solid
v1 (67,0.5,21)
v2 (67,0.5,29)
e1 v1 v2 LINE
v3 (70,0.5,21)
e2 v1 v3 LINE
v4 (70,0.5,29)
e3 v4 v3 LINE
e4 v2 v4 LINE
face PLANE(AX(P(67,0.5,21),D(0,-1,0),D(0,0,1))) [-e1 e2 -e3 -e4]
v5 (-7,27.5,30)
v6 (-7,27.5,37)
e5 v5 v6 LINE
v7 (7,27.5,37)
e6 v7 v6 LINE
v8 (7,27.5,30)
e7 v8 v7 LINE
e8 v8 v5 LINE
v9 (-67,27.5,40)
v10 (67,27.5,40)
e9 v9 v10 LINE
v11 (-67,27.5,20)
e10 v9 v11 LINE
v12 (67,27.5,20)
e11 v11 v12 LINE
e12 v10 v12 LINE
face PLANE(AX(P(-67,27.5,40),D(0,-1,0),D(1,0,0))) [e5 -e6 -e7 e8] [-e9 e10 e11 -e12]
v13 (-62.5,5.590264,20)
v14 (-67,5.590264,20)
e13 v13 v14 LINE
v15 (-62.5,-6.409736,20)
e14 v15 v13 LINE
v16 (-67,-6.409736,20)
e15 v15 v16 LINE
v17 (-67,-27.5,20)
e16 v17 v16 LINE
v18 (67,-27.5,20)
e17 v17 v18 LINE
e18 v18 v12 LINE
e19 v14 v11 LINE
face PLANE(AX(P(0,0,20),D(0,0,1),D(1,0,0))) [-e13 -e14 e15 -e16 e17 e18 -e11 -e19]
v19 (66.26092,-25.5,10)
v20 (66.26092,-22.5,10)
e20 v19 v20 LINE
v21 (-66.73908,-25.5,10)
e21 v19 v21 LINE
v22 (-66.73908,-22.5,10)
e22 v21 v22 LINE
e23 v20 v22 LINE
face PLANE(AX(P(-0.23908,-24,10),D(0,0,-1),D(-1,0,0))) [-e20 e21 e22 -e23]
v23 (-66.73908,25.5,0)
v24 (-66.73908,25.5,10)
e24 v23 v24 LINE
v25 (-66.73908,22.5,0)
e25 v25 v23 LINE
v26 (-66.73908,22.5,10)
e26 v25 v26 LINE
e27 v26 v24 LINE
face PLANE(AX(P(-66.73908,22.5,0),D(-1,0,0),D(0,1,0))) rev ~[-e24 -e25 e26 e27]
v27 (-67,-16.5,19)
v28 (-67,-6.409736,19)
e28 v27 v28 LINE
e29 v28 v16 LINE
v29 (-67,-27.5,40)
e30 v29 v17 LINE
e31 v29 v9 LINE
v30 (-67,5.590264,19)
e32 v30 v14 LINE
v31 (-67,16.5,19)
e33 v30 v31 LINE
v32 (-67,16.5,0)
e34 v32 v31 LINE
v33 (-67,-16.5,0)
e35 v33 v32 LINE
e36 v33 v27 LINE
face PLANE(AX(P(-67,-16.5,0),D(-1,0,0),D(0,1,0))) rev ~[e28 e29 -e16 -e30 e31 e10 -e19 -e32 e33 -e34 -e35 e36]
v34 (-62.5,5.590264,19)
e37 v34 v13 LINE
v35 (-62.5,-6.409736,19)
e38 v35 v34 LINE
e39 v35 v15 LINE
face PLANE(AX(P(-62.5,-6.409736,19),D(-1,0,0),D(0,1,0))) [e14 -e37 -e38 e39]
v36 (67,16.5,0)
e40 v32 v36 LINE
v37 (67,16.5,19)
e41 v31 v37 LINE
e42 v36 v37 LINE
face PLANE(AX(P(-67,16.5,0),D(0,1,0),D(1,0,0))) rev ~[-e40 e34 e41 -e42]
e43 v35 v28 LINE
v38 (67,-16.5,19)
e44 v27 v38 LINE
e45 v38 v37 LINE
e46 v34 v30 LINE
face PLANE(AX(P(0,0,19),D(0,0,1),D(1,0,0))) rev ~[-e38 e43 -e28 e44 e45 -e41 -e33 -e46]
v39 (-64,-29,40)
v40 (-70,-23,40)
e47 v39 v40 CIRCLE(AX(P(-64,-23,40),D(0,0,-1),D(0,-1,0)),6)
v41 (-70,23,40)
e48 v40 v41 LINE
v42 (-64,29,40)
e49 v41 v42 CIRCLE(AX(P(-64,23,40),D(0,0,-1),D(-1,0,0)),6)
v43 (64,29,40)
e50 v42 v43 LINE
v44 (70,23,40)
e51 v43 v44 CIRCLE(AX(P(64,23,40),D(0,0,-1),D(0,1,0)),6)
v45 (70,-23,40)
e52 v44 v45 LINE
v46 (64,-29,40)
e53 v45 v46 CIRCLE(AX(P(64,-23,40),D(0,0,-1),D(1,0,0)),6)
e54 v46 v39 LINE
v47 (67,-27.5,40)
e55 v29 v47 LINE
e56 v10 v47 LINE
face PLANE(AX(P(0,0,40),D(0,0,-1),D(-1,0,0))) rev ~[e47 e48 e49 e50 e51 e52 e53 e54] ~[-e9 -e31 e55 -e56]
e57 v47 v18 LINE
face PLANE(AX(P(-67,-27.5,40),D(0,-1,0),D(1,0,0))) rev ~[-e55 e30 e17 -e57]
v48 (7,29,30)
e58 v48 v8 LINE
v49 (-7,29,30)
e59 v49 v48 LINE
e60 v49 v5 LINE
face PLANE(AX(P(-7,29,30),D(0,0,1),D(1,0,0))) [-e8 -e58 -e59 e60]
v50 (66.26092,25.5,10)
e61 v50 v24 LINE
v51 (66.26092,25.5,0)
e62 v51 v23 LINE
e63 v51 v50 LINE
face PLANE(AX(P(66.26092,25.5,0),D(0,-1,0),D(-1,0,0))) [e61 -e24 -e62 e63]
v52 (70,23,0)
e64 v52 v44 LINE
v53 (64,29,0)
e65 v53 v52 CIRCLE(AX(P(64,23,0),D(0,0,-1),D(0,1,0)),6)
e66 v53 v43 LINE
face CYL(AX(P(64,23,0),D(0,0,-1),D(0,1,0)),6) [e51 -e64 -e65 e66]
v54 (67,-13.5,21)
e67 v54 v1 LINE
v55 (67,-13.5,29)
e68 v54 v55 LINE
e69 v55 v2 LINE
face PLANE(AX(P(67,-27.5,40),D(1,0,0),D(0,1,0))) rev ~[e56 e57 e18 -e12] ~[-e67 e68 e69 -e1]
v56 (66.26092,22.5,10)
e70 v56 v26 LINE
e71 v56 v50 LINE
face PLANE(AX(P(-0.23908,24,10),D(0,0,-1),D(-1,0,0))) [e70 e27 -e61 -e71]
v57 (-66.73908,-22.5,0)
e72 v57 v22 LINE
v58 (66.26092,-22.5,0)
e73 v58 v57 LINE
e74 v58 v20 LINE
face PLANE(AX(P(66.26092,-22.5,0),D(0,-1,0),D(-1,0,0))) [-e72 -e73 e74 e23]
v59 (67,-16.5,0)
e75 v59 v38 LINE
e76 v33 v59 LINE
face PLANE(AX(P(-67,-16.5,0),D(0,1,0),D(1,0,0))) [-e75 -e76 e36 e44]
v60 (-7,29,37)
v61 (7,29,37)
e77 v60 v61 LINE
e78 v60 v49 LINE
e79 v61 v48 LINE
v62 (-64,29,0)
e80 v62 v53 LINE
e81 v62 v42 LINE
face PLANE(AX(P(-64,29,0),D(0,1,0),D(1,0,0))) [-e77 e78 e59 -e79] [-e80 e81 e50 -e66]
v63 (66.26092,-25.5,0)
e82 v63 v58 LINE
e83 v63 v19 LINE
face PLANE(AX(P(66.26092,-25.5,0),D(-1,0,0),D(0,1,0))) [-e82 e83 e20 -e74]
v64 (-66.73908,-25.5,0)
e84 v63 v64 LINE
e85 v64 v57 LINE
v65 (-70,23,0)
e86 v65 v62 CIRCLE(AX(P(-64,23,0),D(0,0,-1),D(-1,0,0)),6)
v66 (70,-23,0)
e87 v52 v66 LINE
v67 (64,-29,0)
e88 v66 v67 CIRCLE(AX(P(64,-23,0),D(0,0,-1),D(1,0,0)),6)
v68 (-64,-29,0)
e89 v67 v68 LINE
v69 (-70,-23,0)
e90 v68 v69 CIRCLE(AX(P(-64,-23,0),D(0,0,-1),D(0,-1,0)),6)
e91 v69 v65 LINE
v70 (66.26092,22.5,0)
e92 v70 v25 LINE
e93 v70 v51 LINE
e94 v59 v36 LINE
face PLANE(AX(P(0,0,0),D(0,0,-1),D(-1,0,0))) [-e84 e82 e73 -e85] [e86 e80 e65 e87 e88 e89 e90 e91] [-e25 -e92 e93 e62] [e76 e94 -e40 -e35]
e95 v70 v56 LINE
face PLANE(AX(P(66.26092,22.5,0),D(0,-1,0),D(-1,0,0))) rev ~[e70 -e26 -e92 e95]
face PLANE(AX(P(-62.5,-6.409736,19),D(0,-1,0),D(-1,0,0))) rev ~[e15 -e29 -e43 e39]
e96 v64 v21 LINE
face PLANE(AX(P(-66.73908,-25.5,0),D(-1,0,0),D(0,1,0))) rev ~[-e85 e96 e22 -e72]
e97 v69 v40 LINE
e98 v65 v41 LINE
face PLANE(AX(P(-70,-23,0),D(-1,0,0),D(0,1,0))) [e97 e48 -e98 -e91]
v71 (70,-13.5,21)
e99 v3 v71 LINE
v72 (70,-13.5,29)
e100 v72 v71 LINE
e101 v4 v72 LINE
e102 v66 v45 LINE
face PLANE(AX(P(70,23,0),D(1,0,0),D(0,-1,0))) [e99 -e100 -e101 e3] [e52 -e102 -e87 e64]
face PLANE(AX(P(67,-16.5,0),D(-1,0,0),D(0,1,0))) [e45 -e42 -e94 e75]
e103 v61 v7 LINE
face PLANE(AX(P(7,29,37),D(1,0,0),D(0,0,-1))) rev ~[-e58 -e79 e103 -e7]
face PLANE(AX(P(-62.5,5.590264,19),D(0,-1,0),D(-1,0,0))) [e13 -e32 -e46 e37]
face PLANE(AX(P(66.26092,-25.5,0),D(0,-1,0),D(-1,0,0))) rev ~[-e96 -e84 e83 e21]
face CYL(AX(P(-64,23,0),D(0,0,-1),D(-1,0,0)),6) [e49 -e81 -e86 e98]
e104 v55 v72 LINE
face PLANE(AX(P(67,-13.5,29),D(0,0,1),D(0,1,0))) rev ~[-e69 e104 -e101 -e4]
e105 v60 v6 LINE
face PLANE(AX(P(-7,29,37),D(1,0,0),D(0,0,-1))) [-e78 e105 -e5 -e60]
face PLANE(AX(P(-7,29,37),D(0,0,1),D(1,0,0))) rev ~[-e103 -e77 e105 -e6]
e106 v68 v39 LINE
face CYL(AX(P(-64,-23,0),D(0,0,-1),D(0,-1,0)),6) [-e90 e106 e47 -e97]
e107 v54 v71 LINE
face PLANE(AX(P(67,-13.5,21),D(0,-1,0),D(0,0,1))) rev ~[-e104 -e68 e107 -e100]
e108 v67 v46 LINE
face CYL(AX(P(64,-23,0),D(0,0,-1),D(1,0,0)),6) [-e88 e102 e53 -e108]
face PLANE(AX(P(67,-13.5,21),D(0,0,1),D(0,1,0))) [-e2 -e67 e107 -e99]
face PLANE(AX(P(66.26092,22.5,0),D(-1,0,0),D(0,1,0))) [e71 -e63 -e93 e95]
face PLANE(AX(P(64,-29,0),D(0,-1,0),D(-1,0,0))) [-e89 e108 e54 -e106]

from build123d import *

# Parameters (mm, degrees)
SKETCH_1_W          = 134
SKETCH_1_H          = 33
EXTRUDE_1_DEPTH     = 40
EXTRUDE_START       = 19
SKETCH_2_W          = 134
SKETCH_2_H          = 33
EXTRUDE_2_DEPTH     = 3
SKETCH_3_W          = 4.5
SKETCH_3_H          = 12
CUT_EXTRUDE_1_DEPTH = 79.625695545
SKETCH_4_W          = 134
SKETCH_4_H          = 55
CUT_EXTRUDE_2_DEPTH = 20
SKETCH_6_W          = 14
SKETCH_6_H          = 7
CUT_EXTRUDE_3_DEPTH = 10
SKETCH_7_W          = 8
SKETCH_7_H          = 14
CUT_EXTRUDE_4_DEPTH = 10
SKETCH_8_W          = 133
SKETCH_8_H          = 3
CUT_EXTRUDE_5_DEPTH = 10


with BuildPart() as part:
    # 草图1 → 凸台-拉伸1 (new body)
    with BuildSketch(Plane.XY):
        with BuildLine():
            Line((-64, 29), (64, 29))
            ThreePointArc((64, 29), (68.242640687, 27.242640687), (70, 23))
            Line((70, 23), (70, -23))
            ThreePointArc((70, -23), (68.242640687, -27.242640687), (64, -29))
            Line((64, -29), (-64, -29))
            ThreePointArc((-64, -29), (-68.242640687, -27.242640687), (-70, -23))
            Line((-70, -23), (-70, 23))
            ThreePointArc((-70, 23), (-68.242640687, 27.242640687), (-64, 29))
        make_face()
        Rectangle(SKETCH_1_W, SKETCH_1_H, mode=Mode.SUBTRACT)
    extrude(amount=EXTRUDE_1_DEPTH)

    # 草图2 → 凸台-拉伸2 (add)
    with BuildSketch(Plane.XY.offset(EXTRUDE_START)):
        Rectangle(SKETCH_2_W, SKETCH_2_H)
    extrude(amount=EXTRUDE_2_DEPTH)

    # 草图3 → 切除-拉伸1 (cut, through all)
    with BuildSketch(Plane(origin=(0, 0, 19), x_dir=(-1, 0, 0), z_dir=(0, 0, -1))):
        with Locations((64.75, -0.409735633)):
            Rectangle(SKETCH_3_W, SKETCH_3_H)
    extrude(amount=-CUT_EXTRUDE_1_DEPTH, mode=Mode.SUBTRACT)

    # 草图4 → 切除-拉伸2 (cut)
    with BuildSketch(Plane.XY.offset(40)):
        Rectangle(SKETCH_4_W, SKETCH_4_H)
    extrude(amount=-CUT_EXTRUDE_2_DEPTH, mode=Mode.SUBTRACT)

    # 草图6 → 切除-拉伸3 (cut)
    with BuildSketch(Plane(origin=(0, 29, 0), x_dir=(1, 0, 0), z_dir=(0, 1, 0))):
        with Locations((0, -33.5)):
            Rectangle(SKETCH_6_W, SKETCH_6_H)
    extrude(amount=-CUT_EXTRUDE_3_DEPTH, mode=Mode.SUBTRACT)

    # 草图7 → 切除-拉伸4 (cut)
    with BuildSketch(Plane.ZY.offset(-67)):
        with Locations((25, -6.5)):
            Rectangle(SKETCH_7_W, SKETCH_7_H)
    extrude(amount=-CUT_EXTRUDE_4_DEPTH, mode=Mode.SUBTRACT)

    # 草图8 → 切除-拉伸5 (cut)
    with BuildSketch(Plane(origin=(0, 0, 0), x_dir=(-1, 0, 0), z_dir=(0, 0, -1))):
        with Locations((0.239080463, 24)):
            Rectangle(SKETCH_8_W, SKETCH_8_H)
        with Locations((0.239080463, -24)):
            Rectangle(SKETCH_8_W, SKETCH_8_H)
    extrude(amount=-CUT_EXTRUDE_5_DEPTH, mode=Mode.SUBTRACT)


solid = part.part
